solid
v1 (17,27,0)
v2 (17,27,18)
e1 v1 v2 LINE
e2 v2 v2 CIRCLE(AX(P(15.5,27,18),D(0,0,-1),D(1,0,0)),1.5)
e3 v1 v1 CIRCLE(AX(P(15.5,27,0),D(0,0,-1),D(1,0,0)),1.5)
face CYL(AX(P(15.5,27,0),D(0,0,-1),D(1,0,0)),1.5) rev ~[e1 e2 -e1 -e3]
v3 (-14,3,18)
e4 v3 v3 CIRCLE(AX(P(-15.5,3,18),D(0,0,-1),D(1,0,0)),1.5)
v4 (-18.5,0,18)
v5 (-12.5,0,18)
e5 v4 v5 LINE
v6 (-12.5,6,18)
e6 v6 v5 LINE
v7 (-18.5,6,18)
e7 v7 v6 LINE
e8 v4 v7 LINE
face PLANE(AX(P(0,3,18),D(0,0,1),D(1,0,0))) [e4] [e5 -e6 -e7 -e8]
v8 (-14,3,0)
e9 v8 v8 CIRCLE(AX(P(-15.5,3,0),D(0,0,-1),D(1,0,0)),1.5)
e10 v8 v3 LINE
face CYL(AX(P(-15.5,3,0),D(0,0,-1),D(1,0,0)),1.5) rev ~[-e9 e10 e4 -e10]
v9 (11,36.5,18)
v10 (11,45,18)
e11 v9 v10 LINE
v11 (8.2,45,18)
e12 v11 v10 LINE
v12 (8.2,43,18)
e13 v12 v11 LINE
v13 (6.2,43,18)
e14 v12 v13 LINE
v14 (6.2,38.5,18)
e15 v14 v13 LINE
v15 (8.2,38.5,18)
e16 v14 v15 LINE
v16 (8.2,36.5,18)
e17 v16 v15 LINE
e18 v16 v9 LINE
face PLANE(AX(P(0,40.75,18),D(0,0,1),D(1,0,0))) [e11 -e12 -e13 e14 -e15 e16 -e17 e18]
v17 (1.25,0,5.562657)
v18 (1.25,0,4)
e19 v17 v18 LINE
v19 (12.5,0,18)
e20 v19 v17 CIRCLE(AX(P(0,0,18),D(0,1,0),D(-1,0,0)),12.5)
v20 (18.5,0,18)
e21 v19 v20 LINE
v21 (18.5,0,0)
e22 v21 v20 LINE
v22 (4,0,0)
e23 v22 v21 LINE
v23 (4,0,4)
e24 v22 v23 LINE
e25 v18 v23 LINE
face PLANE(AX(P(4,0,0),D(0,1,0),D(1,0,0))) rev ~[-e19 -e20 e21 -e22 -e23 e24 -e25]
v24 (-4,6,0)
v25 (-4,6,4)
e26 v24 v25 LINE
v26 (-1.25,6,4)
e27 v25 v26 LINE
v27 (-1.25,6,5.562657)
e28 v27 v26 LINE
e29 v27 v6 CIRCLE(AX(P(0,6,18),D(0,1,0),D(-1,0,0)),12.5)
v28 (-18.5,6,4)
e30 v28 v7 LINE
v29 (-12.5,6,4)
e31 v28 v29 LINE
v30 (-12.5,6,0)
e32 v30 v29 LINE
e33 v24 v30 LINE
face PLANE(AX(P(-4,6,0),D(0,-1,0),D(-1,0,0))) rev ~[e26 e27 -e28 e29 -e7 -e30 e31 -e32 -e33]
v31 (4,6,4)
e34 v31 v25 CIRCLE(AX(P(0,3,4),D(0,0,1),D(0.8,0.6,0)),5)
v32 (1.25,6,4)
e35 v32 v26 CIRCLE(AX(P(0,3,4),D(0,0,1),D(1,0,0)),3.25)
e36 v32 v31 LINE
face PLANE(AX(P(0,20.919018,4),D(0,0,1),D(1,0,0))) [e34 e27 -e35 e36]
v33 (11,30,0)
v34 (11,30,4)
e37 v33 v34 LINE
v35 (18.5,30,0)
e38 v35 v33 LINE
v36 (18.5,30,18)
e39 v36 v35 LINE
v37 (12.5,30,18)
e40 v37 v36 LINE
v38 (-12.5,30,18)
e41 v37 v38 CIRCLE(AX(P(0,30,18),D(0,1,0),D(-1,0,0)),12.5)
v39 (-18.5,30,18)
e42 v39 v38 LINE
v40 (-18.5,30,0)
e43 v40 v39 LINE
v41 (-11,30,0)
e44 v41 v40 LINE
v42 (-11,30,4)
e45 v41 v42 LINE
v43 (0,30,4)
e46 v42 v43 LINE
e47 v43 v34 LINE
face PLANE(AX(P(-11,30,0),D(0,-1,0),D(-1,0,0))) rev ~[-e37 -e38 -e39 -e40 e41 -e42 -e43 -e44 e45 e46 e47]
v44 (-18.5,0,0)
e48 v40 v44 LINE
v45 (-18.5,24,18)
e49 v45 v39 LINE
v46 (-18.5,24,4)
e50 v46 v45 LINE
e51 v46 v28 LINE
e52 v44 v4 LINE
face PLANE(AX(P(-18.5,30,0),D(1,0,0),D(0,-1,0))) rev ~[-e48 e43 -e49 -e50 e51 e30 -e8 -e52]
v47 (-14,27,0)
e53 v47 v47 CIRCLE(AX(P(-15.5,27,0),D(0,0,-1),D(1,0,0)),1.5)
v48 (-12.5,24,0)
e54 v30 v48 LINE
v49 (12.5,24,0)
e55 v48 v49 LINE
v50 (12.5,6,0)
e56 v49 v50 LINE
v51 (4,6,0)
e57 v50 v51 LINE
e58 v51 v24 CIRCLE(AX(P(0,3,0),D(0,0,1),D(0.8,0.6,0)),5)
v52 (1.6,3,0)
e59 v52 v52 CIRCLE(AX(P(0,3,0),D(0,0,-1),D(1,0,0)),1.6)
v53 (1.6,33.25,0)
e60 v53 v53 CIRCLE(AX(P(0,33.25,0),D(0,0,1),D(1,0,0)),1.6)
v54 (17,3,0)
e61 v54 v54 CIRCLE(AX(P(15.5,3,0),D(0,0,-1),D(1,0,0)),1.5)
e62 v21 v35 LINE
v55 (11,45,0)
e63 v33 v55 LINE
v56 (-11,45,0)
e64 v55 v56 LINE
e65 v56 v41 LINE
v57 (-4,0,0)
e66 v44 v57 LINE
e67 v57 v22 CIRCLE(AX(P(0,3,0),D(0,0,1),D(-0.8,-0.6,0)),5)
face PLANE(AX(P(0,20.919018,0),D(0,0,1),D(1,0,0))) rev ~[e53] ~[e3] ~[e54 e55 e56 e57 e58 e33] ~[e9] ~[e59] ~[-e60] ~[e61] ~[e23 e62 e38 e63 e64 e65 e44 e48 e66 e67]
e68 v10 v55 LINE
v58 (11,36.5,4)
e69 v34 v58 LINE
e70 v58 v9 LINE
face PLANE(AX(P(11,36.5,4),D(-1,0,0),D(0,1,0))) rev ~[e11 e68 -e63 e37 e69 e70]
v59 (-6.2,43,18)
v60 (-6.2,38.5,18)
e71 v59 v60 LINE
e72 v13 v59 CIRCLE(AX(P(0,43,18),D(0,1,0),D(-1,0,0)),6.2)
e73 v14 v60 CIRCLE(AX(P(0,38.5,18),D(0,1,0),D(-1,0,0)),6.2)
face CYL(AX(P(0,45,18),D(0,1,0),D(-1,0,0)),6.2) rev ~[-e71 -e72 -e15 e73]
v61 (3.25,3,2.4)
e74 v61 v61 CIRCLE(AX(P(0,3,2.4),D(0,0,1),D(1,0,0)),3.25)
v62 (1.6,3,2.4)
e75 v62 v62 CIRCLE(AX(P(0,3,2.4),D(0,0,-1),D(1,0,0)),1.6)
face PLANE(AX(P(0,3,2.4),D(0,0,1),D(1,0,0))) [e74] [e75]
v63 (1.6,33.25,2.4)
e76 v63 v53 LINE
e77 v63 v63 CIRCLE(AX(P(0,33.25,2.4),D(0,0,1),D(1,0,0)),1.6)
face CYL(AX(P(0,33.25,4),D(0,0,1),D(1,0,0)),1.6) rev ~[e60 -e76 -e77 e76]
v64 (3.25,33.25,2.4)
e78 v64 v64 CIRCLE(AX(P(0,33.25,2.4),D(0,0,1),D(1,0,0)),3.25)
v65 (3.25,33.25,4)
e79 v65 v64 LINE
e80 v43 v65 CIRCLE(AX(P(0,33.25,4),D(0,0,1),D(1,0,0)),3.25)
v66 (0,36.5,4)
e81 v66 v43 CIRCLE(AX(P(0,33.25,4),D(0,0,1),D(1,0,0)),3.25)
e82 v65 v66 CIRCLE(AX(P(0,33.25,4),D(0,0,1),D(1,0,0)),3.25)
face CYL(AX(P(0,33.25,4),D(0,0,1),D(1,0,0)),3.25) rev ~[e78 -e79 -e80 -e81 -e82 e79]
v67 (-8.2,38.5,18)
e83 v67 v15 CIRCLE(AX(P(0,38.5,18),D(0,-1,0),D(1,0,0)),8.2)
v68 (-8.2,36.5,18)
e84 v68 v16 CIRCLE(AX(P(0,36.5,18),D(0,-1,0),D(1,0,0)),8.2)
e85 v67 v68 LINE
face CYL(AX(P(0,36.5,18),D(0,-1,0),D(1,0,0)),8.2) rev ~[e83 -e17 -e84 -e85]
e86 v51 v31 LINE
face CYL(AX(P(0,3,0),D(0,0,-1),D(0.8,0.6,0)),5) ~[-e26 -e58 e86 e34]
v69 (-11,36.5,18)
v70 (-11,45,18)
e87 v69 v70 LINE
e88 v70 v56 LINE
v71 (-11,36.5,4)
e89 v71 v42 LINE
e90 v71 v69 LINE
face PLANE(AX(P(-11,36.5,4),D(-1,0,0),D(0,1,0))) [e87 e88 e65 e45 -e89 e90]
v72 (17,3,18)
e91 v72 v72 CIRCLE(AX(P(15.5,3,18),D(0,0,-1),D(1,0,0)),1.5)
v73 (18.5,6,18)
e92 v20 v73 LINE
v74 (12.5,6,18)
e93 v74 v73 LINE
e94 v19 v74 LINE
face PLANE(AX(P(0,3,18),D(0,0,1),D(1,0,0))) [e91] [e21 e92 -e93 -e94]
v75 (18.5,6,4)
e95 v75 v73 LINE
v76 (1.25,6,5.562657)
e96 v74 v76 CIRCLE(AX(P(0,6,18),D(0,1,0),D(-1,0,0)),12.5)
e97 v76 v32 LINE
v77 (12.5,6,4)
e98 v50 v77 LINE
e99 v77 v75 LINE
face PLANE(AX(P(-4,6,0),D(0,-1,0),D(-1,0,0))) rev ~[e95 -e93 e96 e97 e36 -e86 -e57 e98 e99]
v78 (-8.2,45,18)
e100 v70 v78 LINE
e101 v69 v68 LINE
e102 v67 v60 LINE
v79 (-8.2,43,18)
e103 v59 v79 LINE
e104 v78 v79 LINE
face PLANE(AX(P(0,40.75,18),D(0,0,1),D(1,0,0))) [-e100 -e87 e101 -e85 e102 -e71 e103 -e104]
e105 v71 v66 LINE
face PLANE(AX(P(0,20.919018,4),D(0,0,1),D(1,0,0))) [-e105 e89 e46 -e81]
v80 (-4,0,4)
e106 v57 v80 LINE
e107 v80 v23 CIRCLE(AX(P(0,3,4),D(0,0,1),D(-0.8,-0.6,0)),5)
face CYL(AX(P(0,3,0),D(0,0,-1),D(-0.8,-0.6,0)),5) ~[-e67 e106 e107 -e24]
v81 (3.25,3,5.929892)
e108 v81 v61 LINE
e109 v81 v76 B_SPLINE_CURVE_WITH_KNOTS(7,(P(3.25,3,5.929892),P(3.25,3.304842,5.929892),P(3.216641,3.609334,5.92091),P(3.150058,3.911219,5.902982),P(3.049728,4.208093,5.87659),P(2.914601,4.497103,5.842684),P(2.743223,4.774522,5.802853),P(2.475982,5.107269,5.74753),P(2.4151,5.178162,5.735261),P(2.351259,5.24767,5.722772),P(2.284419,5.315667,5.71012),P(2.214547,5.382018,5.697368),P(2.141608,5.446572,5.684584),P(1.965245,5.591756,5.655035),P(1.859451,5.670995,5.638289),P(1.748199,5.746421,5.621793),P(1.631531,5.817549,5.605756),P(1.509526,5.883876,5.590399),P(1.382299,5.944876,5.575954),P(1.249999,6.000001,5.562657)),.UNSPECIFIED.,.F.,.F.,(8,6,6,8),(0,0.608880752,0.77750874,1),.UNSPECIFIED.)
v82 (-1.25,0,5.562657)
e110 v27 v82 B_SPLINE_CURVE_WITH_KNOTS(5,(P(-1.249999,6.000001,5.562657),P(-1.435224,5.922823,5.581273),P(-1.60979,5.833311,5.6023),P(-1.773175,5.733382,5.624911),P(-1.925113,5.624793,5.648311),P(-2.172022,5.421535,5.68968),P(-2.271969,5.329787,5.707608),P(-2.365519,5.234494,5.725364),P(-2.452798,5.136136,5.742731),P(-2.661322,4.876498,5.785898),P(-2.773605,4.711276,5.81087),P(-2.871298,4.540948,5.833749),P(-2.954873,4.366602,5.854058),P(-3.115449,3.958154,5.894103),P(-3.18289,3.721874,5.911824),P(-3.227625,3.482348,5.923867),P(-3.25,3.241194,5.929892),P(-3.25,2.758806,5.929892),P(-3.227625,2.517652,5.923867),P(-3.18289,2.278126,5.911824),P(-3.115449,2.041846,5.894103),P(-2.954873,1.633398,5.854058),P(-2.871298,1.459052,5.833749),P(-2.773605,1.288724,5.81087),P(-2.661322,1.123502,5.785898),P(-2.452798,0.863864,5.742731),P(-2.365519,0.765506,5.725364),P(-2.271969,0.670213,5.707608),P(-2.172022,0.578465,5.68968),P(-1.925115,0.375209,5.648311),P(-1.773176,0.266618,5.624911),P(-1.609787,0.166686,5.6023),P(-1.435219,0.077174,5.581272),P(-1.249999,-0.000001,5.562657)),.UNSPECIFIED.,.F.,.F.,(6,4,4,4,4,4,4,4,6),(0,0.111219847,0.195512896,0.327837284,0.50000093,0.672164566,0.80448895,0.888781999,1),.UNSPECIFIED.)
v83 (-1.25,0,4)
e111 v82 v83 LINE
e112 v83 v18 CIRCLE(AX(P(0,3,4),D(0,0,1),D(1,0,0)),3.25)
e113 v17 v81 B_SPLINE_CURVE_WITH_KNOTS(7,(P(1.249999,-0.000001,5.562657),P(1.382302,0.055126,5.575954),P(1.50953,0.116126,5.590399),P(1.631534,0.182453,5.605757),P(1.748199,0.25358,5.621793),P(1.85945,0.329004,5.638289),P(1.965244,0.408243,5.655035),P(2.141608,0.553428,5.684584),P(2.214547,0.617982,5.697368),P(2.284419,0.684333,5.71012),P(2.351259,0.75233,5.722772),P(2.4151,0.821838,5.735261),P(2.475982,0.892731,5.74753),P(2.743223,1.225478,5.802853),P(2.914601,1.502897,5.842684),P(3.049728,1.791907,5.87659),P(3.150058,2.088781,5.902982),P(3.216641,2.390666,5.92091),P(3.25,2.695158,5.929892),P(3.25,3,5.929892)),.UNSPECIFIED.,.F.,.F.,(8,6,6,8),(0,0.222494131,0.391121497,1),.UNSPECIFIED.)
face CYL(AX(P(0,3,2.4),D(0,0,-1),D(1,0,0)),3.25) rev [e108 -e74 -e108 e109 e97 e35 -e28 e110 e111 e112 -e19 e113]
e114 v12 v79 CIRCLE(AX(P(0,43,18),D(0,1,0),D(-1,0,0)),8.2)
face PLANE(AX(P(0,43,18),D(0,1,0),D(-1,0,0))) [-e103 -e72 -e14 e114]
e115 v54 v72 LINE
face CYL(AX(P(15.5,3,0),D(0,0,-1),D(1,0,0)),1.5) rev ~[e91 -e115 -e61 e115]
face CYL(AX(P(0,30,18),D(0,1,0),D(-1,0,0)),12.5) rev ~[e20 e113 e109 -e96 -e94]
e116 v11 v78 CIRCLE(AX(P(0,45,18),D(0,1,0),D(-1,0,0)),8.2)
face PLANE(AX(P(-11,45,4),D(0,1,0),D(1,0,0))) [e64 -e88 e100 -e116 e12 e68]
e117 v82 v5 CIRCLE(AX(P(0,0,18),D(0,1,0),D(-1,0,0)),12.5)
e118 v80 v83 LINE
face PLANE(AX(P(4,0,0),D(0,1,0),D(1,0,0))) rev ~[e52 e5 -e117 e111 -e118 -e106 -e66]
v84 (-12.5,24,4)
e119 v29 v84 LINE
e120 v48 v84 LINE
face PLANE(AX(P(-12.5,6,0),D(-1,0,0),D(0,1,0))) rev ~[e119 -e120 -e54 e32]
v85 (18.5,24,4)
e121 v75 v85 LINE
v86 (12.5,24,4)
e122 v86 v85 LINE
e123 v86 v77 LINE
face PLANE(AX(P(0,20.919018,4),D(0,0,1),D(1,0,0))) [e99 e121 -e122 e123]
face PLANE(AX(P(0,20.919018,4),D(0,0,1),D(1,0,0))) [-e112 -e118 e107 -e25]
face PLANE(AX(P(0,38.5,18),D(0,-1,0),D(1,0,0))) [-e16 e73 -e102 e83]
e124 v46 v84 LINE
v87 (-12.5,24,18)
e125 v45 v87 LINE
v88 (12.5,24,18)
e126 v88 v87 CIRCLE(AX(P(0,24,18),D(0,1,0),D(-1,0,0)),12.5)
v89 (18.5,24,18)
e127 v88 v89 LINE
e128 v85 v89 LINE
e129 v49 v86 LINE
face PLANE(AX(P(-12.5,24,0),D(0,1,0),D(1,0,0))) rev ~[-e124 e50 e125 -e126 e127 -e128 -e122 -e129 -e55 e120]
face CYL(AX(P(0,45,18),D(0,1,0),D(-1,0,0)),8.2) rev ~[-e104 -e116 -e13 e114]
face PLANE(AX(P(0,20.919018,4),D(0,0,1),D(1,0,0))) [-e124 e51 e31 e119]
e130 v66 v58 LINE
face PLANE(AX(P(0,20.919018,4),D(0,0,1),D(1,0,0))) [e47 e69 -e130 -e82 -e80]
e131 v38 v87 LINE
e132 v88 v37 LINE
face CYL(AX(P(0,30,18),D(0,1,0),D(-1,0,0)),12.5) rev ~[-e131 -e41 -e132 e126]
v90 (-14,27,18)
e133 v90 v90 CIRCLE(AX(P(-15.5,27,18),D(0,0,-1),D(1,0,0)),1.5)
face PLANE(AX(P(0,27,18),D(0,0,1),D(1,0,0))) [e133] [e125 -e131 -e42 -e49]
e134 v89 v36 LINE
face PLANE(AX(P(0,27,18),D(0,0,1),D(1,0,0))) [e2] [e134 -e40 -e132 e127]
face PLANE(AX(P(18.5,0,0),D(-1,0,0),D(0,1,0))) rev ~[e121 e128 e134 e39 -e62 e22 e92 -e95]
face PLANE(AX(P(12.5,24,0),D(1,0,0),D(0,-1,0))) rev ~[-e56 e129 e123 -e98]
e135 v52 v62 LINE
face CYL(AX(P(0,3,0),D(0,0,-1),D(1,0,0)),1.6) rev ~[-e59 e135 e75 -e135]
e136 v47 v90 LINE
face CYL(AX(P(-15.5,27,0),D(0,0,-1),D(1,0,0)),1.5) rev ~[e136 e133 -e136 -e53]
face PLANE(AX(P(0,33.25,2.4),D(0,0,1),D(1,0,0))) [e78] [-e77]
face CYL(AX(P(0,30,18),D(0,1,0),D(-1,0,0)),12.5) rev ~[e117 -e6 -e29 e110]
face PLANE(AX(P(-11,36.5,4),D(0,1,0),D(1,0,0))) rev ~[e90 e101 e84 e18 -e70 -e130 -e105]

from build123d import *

# Parameters (mm, degrees)
F1_DEPTH  = 4
F2_W      = 22
F2_H      = 8.5
F2_W_2    = 37
F2_H_2    = 6
F3_DEPTH  = 14
F4_R      = 6.2
F5_DEPTH  = 8.5
F6_R      = 12.5
F7_DEPTH  = 32.001
F8_R      = 8.2
F9_DEPTH  = 2
F10_R     = 8.2
F11_DEPTH = 2
F12_R     = 1.5
F13_DEPTH = 18.001
F14_R     = 1.6
F15_DEPTH = 4
F16_R     = 1.6
F17_DEPTH = 18.001
F18_R     = 3.25
F19_DEPTH = 1.6
F20_R     = 3.25
F21_DEPTH = 15.6


with BuildPart() as f1:
    # F0 (on Top) → F1 (new body)
    with BuildSketch(Plane.XY):
        with BuildLine():
            Line((4, 0), (18.5, 0))
            Line((18.5, 0), (18.5, 30))
            Line((18.5, 30), (11, 30))
            Line((11, 30), (11, 45))
            Line((11, 45), (-11, 45))
            Line((-11, 45), (-11, 30))
            Line((-11, 30), (-18.5, 30))
            Line((-18.5, 30), (-18.5, 0))
            Line((-18.5, 0), (-4, 0))
            ThreePointArc((-4, 0), (0, -2), (4, 0))
        make_face()
        with BuildLine():
            Line((-12.5, 6), (-12.5, 24))
            Line((-12.5, 24), (12.5, 24))
            Line((12.5, 24), (12.5, 6))
            Line((12.5, 6), (4, 6))
            ThreePointArc((4, 6), (0, 8), (-4, 6))
            Line((-4, 6), (-12.5, 6))
        make_face(mode=Mode.SUBTRACT)
    extrude(amount=F1_DEPTH)

    # F2 (on face) → F3 (join)
    with BuildSketch(Plane.XY.offset(4)):
        with Locations((0, 40.75)):
            Rectangle(F2_W, F2_H)
        with Locations((0, 27)):
            Rectangle(F2_W_2, F2_H_2)
        with Locations((0, 3)):
            Rectangle(F2_W_2, F2_H_2)
    extrude(amount=F3_DEPTH)

    # F4 (on face) → F5 (cut, through all)
    with BuildSketch(Plane(origin=(0, 45, 0), x_dir=(-1, 0, 0), z_dir=(0, 1, 0))):
        with Locations((0, 18)):
            Circle(F4_R)
    extrude(amount=-F5_DEPTH, mode=Mode.SUBTRACT)

    # F6 (on face) → F7 (cut, through all)
    with BuildSketch(Plane(origin=(0, 30, 0), x_dir=(-1, 0, 0), z_dir=(0, 1, 0))):
        with Locations((0, 18)):
            Circle(F6_R)
    extrude(amount=-F7_DEPTH, mode=Mode.SUBTRACT)

    # F8 (on face) → F9 (cut)
    with BuildSketch(Plane(origin=(0, 45, 0), x_dir=(-1, 0, 0), z_dir=(0, 1, 0))):
        with Locations((0, 18)):
            Circle(F8_R)
    extrude(amount=-F9_DEPTH, mode=Mode.SUBTRACT)

    # F10 (on face) → F11 (cut)
    with BuildSketch(Plane.XZ.offset(-36.5)):
        with Locations((0, 18)):
            Circle(F10_R)
    extrude(amount=-F11_DEPTH, mode=Mode.SUBTRACT)

    # F12 (on face) → F13 (cut, through all)
    with BuildSketch(Plane(origin=(0, 0, 0), x_dir=(1, 0, 0), z_dir=(0, 0, -1))):
        with Locations((-15.5, -27)):
            Circle(F12_R)
        with Locations((15.5, -27)):
            Circle(F12_R)
        with Locations((15.5, -3)):
            Circle(F12_R)
        with Locations((-15.5, -3)):
            Circle(F12_R)
    extrude(amount=-F13_DEPTH, mode=Mode.SUBTRACT)

    # F14 (on face) → F15 (cut, through all)
    with BuildSketch(Plane.XY.offset(4)):
        with Locations((0, 33.25)):
            Circle(F14_R)
    extrude(amount=-F15_DEPTH, mode=Mode.SUBTRACT)

    # F16 (on face) → F17 (cut, through all)
    with BuildSketch(Plane(origin=(0, 0, 0), x_dir=(1, 0, 0), z_dir=(0, 0, -1))):
        with Locations((0, -3)):
            Circle(F16_R)
    extrude(amount=-F17_DEPTH, mode=Mode.SUBTRACT)

    # F18 (on face) → F19 (cut)
    with BuildSketch(Plane.XY.offset(4)):
        with Locations((0, 3)):
            Circle(F18_R)
        with Locations((0, 33.25)):
            Circle(F18_R)
    extrude(amount=-F19_DEPTH, mode=Mode.SUBTRACT)

    # F20 (on face) → F21 (cut, through all)
    with BuildSketch(Plane.XY.offset(2.4)):
        with Locations((0, 3)):
            Circle(F20_R)
    extrude(amount=F21_DEPTH, mode=Mode.SUBTRACT)


solid = f1.part
